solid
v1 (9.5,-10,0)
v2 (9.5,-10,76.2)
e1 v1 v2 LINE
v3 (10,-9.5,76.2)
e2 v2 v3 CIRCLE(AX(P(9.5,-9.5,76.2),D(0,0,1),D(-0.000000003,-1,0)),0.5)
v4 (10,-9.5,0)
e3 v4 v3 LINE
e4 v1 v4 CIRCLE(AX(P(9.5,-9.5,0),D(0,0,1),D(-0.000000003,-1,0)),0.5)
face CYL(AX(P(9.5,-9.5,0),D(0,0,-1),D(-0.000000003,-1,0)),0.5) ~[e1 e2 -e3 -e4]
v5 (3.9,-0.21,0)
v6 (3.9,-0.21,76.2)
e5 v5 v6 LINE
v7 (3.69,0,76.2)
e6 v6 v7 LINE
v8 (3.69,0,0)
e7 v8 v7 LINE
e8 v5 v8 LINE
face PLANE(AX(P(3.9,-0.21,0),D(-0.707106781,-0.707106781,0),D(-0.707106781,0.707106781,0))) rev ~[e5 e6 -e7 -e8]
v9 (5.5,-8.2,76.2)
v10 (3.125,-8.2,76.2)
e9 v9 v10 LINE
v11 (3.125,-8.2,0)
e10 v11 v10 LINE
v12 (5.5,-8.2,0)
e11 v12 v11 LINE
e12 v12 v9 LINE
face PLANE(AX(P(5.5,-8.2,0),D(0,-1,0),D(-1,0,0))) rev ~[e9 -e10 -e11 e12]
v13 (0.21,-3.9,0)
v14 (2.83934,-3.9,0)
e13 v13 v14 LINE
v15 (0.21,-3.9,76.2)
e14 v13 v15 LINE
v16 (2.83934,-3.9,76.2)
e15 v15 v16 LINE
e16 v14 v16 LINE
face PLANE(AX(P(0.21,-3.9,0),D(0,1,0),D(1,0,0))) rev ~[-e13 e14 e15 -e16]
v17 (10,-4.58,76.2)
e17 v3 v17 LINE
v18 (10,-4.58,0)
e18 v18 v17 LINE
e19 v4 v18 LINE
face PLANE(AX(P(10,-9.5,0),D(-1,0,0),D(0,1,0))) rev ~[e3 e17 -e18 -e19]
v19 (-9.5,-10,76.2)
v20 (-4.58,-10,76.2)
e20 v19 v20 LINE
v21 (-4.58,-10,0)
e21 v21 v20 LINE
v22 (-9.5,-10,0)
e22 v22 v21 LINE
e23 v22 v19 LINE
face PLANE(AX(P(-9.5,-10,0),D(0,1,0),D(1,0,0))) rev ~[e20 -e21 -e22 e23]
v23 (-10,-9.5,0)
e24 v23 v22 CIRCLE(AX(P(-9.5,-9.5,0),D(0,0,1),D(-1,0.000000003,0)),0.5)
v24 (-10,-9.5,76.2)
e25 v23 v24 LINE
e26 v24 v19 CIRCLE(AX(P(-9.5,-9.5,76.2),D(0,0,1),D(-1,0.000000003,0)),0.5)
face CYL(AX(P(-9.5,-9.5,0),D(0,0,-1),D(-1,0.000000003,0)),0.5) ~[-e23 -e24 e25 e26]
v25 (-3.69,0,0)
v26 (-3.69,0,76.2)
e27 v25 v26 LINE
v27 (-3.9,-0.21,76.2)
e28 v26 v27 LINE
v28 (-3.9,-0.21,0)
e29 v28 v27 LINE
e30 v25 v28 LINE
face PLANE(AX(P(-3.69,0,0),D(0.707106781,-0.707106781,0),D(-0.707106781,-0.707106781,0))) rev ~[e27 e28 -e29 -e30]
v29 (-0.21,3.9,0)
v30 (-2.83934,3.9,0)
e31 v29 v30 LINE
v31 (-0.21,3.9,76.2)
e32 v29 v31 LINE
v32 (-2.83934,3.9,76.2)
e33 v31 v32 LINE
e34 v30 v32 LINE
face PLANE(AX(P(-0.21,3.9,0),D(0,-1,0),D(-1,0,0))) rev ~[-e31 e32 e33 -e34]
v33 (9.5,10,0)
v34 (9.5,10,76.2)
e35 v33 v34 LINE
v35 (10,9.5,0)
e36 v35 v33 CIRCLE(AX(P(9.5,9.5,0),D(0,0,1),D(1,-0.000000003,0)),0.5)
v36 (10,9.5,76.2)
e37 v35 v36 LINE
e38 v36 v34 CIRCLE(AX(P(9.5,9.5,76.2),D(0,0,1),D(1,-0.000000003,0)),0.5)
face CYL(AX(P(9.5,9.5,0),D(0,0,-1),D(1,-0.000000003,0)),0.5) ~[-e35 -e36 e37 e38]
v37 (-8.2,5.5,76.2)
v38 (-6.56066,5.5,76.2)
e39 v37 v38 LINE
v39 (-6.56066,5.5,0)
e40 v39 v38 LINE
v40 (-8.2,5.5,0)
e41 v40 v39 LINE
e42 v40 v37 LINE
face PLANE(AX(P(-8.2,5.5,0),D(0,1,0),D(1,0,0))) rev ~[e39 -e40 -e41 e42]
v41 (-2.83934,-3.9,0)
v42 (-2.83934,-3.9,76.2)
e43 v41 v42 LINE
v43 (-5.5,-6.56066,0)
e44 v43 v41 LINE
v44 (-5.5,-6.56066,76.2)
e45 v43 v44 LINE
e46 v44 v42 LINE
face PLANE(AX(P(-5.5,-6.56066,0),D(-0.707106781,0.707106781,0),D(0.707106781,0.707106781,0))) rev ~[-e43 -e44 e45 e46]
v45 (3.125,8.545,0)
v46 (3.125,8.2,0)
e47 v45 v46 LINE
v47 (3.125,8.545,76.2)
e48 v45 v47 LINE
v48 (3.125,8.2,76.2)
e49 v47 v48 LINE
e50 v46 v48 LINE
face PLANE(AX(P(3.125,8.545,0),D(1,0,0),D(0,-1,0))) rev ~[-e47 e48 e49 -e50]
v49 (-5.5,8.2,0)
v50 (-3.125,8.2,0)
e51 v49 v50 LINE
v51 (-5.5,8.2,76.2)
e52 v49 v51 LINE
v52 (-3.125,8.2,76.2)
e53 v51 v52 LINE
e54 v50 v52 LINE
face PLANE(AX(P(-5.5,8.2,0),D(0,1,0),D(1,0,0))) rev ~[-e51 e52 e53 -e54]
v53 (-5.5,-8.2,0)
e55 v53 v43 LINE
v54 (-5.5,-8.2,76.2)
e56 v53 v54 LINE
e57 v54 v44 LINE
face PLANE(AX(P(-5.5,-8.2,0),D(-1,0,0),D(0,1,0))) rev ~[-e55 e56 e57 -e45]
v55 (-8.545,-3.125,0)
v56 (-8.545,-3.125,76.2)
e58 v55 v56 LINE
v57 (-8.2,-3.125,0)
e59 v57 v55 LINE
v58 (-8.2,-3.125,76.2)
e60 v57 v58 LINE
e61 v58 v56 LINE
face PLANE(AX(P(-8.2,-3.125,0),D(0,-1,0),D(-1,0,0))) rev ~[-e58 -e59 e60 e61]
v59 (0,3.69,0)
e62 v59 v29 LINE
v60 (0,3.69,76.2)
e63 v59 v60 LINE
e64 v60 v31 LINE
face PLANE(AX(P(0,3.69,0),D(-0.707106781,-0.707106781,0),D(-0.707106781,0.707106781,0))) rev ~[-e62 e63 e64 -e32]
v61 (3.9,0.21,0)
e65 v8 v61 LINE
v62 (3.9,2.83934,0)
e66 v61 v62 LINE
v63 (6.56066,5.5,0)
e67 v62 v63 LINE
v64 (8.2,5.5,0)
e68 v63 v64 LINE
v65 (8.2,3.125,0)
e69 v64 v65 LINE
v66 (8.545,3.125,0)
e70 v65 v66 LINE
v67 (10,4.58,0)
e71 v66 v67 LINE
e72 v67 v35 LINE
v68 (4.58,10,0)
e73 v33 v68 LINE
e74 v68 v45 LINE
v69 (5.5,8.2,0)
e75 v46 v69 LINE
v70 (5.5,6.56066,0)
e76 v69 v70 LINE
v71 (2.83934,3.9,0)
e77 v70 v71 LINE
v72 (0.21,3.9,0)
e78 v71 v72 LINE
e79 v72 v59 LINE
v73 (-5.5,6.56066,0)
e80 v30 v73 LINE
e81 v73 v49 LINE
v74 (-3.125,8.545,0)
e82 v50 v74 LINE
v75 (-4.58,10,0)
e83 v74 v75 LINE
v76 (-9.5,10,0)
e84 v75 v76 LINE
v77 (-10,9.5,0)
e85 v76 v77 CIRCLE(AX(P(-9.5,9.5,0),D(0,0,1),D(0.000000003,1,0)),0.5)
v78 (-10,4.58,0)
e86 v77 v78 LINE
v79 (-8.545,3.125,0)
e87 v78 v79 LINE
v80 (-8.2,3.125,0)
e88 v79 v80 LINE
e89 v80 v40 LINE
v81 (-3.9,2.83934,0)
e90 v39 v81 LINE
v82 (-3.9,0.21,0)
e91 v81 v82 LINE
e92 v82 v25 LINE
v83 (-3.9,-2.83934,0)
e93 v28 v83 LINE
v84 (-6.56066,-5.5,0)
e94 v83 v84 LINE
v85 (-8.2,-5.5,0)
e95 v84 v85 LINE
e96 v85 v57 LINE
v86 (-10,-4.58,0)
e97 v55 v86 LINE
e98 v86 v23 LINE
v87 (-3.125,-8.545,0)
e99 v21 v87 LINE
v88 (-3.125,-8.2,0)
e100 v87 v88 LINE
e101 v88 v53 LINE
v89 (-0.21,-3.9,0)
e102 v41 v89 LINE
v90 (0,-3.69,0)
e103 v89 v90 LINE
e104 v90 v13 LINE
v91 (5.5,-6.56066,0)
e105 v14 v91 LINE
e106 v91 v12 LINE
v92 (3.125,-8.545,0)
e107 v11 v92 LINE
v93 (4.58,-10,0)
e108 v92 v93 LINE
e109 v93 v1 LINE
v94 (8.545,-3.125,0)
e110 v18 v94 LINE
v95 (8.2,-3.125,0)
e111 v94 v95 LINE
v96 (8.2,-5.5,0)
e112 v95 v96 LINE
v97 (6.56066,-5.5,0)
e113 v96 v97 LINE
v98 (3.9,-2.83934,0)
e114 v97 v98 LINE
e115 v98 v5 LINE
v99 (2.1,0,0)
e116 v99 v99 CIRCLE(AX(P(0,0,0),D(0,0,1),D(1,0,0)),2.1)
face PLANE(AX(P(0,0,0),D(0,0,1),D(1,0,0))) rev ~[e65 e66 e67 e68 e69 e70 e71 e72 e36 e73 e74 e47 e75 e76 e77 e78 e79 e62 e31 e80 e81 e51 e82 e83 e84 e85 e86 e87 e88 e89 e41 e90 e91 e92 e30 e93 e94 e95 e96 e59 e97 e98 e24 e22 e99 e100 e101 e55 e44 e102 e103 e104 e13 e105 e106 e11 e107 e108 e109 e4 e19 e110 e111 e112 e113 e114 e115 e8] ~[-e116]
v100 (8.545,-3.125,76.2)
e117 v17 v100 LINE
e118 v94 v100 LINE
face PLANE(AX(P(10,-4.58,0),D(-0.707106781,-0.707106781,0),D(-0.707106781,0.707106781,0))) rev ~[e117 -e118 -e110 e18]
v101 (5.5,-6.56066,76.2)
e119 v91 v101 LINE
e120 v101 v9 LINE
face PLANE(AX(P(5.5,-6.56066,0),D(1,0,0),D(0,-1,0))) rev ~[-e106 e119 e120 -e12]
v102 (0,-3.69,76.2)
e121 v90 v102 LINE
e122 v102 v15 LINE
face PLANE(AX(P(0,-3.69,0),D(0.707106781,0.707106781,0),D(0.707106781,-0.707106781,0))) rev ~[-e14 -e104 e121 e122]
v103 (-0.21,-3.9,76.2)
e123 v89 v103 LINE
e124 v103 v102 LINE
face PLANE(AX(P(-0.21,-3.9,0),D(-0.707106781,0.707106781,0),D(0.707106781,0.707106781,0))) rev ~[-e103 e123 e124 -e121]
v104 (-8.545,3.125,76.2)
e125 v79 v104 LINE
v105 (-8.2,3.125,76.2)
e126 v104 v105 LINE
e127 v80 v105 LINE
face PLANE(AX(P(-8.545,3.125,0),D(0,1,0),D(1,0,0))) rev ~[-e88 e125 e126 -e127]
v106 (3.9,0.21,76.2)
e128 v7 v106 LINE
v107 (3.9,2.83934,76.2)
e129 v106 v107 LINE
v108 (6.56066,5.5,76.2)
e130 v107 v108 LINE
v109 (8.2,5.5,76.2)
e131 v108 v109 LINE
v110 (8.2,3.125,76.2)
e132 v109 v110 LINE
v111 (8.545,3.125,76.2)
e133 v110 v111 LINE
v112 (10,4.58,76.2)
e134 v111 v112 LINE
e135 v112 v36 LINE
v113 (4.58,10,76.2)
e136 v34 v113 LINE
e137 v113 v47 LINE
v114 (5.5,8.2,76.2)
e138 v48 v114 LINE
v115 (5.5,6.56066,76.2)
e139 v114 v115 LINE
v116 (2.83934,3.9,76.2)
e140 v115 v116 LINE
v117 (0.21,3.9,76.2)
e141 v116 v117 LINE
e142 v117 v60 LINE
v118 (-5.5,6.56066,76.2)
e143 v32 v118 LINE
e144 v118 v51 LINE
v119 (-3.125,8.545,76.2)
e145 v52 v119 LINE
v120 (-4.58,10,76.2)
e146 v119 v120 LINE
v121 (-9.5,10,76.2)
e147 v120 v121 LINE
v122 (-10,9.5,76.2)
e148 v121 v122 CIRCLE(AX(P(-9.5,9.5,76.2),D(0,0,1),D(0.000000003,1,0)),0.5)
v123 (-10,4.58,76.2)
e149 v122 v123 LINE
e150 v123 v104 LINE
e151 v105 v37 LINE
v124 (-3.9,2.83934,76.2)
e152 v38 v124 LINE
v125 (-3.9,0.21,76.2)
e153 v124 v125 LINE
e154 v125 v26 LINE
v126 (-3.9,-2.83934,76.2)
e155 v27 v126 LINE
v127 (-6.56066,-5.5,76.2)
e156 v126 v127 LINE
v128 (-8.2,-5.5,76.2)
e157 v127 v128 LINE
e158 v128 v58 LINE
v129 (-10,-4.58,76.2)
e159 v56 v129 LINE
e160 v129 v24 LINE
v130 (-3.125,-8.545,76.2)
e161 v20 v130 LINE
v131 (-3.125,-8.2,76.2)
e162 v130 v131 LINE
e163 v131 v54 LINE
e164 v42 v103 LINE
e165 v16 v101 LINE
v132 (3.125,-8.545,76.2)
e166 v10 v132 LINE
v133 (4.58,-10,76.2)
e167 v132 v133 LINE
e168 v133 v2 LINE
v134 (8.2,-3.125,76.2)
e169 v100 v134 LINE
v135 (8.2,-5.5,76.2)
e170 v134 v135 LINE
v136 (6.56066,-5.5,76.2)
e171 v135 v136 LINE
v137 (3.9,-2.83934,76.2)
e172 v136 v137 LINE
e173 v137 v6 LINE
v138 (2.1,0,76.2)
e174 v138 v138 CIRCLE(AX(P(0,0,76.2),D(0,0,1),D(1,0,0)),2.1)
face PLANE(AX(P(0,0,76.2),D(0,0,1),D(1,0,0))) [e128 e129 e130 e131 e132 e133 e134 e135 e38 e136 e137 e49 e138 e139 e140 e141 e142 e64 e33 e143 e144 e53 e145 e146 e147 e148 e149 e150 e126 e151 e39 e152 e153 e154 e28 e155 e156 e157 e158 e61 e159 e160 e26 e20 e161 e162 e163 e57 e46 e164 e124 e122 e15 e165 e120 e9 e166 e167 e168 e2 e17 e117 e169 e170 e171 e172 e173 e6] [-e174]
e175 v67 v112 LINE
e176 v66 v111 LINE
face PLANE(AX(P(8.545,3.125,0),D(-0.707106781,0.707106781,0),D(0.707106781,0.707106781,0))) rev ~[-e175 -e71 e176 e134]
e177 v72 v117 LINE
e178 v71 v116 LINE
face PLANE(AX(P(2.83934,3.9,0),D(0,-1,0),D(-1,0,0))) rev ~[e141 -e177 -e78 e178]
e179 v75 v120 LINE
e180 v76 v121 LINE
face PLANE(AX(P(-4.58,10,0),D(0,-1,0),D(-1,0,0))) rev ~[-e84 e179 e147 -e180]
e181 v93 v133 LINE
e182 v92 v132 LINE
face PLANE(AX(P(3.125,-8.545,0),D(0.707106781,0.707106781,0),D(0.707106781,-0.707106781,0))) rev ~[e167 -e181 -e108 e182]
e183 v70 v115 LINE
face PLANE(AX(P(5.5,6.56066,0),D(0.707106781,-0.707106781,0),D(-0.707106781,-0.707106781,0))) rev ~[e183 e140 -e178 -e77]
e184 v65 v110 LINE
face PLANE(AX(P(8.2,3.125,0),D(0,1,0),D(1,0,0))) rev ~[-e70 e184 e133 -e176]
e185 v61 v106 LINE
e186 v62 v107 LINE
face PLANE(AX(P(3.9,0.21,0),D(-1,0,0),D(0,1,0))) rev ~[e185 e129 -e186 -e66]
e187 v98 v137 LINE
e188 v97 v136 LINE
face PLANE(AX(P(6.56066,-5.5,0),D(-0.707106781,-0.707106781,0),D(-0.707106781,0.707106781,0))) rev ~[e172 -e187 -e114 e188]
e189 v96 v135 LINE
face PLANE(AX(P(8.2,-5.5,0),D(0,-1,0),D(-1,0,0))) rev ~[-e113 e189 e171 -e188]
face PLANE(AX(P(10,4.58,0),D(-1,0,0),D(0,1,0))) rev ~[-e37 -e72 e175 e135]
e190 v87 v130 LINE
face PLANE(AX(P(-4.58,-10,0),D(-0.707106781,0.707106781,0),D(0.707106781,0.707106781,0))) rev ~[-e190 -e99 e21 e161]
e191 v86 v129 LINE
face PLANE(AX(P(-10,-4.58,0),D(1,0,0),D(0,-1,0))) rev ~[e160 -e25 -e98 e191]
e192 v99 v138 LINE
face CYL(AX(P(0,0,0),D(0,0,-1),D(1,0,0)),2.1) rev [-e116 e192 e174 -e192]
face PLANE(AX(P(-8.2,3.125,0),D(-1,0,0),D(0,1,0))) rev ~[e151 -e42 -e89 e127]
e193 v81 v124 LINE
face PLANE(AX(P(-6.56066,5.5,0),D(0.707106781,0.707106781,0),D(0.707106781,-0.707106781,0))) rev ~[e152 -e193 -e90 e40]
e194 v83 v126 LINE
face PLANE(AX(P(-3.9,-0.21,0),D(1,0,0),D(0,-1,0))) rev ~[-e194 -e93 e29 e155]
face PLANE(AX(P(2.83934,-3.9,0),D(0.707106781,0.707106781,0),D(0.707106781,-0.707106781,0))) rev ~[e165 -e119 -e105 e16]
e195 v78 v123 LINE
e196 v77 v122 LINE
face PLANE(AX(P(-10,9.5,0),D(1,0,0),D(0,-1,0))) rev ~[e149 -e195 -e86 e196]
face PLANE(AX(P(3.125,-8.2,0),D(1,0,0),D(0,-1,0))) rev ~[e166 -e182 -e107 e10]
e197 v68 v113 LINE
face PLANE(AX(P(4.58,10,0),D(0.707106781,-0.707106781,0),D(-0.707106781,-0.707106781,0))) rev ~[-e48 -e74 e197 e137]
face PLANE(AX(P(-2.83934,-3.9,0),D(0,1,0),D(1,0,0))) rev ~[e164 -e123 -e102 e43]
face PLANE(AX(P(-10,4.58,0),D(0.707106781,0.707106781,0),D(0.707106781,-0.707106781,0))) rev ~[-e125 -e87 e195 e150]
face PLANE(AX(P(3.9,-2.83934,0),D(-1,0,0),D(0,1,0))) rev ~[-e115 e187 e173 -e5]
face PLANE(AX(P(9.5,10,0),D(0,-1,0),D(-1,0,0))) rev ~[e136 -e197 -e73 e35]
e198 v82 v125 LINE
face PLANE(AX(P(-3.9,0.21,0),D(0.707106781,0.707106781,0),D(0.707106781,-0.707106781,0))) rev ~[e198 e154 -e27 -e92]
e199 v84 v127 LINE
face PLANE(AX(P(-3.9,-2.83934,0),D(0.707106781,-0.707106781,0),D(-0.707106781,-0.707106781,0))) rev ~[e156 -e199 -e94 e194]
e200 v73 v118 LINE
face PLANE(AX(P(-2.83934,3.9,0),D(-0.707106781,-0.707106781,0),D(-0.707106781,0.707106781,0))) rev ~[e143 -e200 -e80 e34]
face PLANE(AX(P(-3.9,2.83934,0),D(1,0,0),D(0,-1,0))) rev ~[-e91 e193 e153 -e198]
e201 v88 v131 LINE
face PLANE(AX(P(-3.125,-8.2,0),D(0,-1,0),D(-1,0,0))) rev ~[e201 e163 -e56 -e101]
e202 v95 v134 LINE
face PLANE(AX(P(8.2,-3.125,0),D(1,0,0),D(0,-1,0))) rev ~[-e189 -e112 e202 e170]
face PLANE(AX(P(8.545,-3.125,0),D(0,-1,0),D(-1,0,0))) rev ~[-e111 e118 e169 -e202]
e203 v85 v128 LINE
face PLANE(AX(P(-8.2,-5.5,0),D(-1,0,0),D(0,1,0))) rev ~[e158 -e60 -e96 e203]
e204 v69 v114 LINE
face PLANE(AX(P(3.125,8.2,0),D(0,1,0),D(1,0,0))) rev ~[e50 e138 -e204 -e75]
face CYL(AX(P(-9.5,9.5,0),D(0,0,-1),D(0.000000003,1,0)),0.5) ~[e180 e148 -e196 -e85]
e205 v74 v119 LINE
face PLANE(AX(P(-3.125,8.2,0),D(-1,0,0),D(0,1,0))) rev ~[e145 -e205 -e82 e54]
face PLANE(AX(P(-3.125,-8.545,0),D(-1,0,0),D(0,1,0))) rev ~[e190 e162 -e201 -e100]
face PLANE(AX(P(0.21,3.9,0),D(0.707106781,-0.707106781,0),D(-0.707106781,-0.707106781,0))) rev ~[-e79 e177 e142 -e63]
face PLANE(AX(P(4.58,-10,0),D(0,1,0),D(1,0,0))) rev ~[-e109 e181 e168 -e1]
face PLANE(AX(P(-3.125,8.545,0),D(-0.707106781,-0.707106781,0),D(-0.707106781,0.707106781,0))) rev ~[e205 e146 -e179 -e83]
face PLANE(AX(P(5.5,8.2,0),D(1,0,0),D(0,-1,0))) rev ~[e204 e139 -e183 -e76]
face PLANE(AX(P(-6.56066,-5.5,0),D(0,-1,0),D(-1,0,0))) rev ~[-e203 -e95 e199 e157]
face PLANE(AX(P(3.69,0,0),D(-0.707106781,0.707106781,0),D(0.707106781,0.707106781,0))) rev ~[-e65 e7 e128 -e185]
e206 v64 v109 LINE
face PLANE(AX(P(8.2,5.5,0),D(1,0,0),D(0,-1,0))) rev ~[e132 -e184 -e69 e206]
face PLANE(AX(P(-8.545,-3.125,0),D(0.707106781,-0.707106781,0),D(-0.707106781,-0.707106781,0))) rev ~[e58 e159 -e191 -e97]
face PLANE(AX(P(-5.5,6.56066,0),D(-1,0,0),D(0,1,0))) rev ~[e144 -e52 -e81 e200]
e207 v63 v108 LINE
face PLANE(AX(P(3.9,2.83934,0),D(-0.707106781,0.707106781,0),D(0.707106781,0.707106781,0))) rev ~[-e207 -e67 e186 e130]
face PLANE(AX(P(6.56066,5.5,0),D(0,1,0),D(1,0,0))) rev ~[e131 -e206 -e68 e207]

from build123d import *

# Parameters (mm, degrees)
SKETCH1_R           = 2.1
BOSS_EXTRUDE1_DEPTH = 76.2


with BuildPart() as part:
    # Sketch1 → Boss-Extrude1 (new body)
    with BuildSketch(Plane.XY):
        with BuildLine():
            Line((4.58, -10), (9.5, -10))
            ThreePointArc((9.5, -10), (9.853553391, -9.853553391), (10, -9.5))
            Line((10, -9.5), (10, -4.58))
            Line((10, -4.58), (8.545, -3.125))
            Line((8.545, -3.125), (8.2, -3.125))
            Line((8.2, -3.125), (8.2, -5.5))
            Line((8.2, -5.5), (6.560660172, -5.5))
            Line((6.560660172, -5.5), (3.9, -2.839339828))
            Line((3.9, -2.839339828), (3.9, -0.21))
            Line((3.9, -0.21), (3.69, 0))
            Line((3.69, 0), (3.9, 0.21))
            Line((3.9, 0.21), (3.9, 2.839339828))
            Line((3.9, 2.839339828), (6.560660172, 5.5))
            Line((6.560660172, 5.5), (8.2, 5.5))
            Line((8.2, 5.5), (8.2, 3.125))
            Line((8.2, 3.125), (8.545, 3.125))
            Line((8.545, 3.125), (10, 4.58))
            Line((10, 4.58), (10, 9.5))
            ThreePointArc((10, 9.5), (9.853553391, 9.853553391), (9.5, 10))
            Line((9.5, 10), (4.58, 10))
            Line((4.58, 10), (3.125, 8.545))
            Line((3.125, 8.545), (3.125, 8.2))
            Line((3.125, 8.2), (5.5, 8.2))
            Line((5.5, 8.2), (5.5, 6.560660172))
            Line((5.5, 6.560660172), (2.839339828, 3.9))
            Line((2.839339828, 3.9), (0.21, 3.9))
            Line((0.21, 3.9), (0, 3.69))
            Line((0, 3.69), (-0.21, 3.9))
            Line((-0.21, 3.9), (-2.839339828, 3.9))
            Line((-2.839339828, 3.9), (-5.5, 6.560660172))
            Line((-5.5, 6.560660172), (-5.5, 8.2))
            Line((-5.5, 8.2), (-3.125, 8.2))
            Line((-3.125, 8.2), (-3.125, 8.545))
            Line((-3.125, 8.545), (-4.58, 10))
            Line((-4.58, 10), (-9.5, 10))
            ThreePointArc((-9.5, 10), (-9.853553391, 9.853553391), (-10, 9.5))
            Line((-10, 9.5), (-10, 4.58))
            Line((-10, 4.58), (-8.545, 3.125))
            Line((-8.545, 3.125), (-8.2, 3.125))
            Line((-8.2, 3.125), (-8.2, 5.5))
            Line((-8.2, 5.5), (-6.560660172, 5.5))
            Line((-6.560660172, 5.5), (-3.9, 2.839339828))
            Line((-3.9, 2.839339828), (-3.9, 0.21))
            Line((-3.9, 0.21), (-3.69, 0))
            Line((-3.69, 0), (-3.9, -0.21))
            Line((-3.9, -0.21), (-3.9, -2.839339828))
            Line((-3.9, -2.839339828), (-6.560660172, -5.5))
            Line((-6.560660172, -5.5), (-8.2, -5.5))
            Line((-8.2, -5.5), (-8.2, -3.125))
            Line((-8.2, -3.125), (-8.545, -3.125))
            Line((-8.545, -3.125), (-10, -4.58))
            Line((-10, -4.58), (-10, -9.5))
            ThreePointArc((-10, -9.5), (-9.853553391, -9.853553391), (-9.5, -10))
            Line((-9.5, -10), (-4.58, -10))
            Line((-4.58, -10), (-3.125, -8.545))
            Line((-3.125, -8.545), (-3.125, -8.2))
            Line((-3.125, -8.2), (-5.5, -8.2))
            Line((-5.5, -8.2), (-5.5, -6.560660172))
            Line((-5.5, -6.560660172), (-2.839339828, -3.9))
            Line((-2.839339828, -3.9), (-0.21, -3.9))
            Line((-0.21, -3.9), (0, -3.69))
            Line((0, -3.69), (0.21, -3.9))
            Line((0.21, -3.9), (2.839339828, -3.9))
            Line((2.839339828, -3.9), (5.5, -6.560660172))
            Line((5.5, -6.560660172), (5.5, -8.2))
            Line((5.5, -8.2), (3.125, -8.2))
            Line((3.125, -8.2), (3.125, -8.545))
            Line((3.125, -8.545), (4.58, -10))
        make_face()
        Circle(SKETCH1_R, mode=Mode.SUBTRACT)
    extrude(amount=BOSS_EXTRUDE1_DEPTH)


solid = part.part
